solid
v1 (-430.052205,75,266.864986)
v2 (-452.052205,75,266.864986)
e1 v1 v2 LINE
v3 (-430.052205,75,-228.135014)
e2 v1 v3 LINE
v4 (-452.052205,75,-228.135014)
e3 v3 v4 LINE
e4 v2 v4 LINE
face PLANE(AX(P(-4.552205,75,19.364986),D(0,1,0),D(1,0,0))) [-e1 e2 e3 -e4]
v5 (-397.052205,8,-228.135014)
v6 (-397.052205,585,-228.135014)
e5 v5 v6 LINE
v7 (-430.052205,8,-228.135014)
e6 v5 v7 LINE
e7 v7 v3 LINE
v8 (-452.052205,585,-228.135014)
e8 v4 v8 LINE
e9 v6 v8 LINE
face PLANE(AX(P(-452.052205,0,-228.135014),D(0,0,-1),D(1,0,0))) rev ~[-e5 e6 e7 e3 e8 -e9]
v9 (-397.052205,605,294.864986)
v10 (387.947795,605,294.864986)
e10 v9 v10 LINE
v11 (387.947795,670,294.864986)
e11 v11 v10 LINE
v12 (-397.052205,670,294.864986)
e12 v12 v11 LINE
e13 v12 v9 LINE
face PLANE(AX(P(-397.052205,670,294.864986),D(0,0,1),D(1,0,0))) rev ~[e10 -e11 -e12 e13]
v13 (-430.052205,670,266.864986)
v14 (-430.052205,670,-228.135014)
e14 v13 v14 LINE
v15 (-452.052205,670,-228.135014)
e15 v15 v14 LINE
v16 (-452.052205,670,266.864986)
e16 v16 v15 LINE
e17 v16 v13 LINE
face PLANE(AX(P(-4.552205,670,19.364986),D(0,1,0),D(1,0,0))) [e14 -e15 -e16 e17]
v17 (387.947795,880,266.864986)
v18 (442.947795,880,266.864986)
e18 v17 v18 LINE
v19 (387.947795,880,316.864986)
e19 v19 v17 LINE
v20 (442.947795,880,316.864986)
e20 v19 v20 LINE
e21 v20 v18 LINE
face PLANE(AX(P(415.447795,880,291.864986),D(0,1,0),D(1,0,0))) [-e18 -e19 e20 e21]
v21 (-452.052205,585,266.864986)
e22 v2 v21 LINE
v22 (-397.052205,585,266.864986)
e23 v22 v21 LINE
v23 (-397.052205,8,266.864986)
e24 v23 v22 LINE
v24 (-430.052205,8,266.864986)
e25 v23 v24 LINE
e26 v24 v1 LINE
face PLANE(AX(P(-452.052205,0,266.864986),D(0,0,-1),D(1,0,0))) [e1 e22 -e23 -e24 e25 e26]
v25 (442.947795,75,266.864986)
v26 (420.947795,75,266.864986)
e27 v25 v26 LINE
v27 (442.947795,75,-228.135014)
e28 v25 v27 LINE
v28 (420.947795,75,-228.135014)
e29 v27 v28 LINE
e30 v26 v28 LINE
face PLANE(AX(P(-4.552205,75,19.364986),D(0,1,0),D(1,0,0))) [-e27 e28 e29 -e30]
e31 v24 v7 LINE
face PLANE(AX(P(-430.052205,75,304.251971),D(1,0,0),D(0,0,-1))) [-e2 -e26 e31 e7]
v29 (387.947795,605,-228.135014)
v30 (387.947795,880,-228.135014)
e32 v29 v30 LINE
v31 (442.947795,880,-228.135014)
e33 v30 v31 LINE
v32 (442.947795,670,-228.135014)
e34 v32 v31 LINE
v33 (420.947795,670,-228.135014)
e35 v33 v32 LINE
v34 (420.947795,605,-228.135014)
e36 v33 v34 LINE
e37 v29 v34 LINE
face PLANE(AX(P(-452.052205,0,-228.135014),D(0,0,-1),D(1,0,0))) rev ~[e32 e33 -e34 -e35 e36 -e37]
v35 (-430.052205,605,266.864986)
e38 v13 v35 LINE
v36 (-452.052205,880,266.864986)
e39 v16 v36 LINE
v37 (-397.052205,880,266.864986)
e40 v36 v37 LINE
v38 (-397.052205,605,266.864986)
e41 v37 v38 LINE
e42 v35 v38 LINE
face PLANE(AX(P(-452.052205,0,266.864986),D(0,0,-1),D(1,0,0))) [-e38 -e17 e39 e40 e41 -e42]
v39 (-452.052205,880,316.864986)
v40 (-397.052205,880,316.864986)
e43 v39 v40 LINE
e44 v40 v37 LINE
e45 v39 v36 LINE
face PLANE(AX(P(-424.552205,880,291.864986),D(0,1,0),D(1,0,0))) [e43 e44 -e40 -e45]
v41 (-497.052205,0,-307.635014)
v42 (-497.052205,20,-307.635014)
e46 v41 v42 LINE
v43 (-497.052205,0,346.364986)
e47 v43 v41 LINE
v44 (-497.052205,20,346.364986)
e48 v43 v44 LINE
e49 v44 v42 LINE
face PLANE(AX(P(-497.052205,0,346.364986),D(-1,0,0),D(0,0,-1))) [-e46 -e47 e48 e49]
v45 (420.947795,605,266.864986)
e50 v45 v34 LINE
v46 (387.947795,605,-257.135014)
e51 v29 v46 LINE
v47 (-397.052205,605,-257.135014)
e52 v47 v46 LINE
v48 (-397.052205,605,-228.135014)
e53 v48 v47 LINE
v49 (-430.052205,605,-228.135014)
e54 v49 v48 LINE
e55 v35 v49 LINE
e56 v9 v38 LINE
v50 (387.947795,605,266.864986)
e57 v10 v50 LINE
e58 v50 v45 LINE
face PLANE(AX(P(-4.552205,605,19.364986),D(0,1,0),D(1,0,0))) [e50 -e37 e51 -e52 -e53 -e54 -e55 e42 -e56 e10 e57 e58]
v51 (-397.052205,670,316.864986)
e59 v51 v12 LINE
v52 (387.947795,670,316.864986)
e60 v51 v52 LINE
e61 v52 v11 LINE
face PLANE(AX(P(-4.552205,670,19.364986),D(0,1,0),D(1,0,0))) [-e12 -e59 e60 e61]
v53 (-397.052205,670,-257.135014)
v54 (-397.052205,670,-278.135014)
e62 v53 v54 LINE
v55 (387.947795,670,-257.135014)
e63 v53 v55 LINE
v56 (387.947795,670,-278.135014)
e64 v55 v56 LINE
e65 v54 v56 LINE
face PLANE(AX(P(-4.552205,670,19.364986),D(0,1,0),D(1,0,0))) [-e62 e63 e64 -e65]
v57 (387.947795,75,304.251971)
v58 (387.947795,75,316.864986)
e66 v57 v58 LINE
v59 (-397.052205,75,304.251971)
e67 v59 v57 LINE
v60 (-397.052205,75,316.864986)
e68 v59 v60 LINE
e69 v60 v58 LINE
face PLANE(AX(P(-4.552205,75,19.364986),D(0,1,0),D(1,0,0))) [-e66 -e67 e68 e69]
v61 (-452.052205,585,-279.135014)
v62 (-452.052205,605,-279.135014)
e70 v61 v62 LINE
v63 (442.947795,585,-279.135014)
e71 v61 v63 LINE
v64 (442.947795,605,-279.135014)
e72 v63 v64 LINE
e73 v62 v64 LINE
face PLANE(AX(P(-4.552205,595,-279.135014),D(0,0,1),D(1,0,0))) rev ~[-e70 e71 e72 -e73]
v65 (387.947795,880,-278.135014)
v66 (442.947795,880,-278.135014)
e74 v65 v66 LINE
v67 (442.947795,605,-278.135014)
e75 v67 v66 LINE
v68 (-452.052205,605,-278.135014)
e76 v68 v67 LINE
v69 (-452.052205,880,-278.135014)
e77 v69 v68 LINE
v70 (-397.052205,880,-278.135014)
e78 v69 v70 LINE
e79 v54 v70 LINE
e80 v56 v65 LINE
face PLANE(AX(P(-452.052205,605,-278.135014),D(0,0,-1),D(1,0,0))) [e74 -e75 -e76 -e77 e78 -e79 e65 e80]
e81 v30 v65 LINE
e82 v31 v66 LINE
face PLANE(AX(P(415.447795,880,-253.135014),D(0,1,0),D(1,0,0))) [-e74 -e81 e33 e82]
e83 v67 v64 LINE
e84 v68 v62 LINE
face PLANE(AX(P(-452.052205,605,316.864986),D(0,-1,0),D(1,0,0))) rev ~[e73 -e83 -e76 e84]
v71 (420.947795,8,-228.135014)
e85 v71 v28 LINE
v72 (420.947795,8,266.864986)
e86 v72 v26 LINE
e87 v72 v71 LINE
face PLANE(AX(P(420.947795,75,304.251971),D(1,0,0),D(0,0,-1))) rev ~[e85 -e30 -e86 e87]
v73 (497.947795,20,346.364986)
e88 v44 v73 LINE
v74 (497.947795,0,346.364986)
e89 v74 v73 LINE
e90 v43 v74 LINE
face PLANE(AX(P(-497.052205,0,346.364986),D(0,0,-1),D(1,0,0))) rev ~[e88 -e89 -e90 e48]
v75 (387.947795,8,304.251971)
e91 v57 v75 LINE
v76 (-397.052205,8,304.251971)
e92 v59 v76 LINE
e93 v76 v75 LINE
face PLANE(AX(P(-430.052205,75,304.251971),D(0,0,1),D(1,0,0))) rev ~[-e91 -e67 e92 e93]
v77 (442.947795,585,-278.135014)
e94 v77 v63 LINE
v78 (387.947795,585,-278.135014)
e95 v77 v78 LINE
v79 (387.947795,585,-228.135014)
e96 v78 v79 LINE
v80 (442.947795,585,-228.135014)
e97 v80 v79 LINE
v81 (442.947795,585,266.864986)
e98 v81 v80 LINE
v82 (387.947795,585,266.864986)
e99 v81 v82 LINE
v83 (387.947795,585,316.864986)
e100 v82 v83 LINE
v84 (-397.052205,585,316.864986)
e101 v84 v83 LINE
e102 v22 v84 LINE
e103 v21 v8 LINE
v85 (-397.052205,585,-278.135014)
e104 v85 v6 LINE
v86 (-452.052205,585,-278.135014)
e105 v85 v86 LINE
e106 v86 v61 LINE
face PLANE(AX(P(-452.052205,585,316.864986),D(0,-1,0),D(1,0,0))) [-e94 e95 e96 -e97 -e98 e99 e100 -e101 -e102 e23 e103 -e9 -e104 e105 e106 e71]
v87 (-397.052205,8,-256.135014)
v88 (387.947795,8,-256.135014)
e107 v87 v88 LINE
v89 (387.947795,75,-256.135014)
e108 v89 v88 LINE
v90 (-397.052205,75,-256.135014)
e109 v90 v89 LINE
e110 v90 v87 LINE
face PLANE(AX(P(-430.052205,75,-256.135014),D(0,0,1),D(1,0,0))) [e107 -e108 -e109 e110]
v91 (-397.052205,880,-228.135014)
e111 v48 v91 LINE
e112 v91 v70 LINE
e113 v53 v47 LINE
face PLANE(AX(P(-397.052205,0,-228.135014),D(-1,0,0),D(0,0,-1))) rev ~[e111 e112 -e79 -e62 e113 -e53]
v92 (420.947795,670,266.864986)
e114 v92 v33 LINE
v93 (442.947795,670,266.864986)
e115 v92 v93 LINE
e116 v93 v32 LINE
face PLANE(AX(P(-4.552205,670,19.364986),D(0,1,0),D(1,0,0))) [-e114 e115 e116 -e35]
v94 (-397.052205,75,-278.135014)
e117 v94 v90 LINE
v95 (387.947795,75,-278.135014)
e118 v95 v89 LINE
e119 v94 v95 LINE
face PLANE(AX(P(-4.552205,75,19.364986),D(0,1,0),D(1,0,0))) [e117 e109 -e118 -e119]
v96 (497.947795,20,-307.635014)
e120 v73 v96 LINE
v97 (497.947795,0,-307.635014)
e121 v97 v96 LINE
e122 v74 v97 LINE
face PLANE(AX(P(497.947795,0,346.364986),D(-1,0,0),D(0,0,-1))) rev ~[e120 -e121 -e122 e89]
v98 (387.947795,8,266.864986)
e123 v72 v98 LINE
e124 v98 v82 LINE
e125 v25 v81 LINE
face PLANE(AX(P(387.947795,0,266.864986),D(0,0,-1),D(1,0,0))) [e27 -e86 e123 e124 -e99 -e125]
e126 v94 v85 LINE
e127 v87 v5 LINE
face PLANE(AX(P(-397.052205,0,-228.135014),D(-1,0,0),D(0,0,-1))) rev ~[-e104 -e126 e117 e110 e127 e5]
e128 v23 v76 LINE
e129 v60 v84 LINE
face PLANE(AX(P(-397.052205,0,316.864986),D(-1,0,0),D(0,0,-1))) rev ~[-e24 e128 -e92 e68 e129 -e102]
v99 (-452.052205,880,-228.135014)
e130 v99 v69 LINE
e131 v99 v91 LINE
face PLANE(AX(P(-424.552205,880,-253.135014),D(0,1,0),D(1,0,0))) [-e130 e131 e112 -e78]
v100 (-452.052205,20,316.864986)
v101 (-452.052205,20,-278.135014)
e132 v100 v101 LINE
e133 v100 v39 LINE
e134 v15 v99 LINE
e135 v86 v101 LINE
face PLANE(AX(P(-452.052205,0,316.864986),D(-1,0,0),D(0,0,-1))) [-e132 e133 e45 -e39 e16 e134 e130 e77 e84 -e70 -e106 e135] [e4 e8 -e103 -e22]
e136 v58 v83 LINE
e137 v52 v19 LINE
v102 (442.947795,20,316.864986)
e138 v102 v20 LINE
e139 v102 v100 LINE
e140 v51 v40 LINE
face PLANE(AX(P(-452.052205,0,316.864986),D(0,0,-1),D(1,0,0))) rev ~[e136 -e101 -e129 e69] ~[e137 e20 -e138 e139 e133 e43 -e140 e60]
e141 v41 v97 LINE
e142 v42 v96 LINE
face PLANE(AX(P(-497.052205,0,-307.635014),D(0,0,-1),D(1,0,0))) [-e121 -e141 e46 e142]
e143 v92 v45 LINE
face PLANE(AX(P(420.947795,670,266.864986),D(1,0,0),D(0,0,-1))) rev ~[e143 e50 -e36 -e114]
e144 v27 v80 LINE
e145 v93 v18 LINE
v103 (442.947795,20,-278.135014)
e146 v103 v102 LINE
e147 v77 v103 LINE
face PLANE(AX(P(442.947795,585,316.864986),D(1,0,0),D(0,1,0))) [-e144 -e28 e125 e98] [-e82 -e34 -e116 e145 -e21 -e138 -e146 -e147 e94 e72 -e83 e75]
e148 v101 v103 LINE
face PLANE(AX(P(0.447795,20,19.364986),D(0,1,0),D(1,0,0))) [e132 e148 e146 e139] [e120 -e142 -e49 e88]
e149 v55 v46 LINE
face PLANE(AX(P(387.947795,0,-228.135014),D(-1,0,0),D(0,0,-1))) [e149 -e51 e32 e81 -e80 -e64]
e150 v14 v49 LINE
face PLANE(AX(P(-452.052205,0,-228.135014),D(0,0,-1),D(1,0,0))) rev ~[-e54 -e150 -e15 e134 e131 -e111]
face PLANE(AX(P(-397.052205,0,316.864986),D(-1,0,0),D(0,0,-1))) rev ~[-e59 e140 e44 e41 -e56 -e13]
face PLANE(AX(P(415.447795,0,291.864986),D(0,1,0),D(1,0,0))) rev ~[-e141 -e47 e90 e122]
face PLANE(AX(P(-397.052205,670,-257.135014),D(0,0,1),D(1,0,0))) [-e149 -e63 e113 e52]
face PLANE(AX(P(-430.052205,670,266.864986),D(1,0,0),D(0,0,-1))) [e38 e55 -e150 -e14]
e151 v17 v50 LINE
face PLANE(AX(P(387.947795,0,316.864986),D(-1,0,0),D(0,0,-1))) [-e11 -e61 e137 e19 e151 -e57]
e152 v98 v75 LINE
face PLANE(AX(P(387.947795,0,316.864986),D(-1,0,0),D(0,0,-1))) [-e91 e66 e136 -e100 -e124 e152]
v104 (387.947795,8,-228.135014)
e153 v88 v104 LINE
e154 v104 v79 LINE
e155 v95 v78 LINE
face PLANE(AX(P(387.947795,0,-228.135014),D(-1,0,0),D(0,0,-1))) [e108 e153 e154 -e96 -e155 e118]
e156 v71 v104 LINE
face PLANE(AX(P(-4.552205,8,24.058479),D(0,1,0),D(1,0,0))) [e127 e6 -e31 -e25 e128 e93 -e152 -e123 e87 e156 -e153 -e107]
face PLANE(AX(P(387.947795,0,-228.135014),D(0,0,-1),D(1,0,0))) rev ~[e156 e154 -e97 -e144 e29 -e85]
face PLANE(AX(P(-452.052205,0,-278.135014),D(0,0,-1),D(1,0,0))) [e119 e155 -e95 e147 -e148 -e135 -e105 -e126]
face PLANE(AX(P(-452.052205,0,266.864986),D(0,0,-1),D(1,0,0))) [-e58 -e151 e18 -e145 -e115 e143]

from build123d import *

# Parameters (mm, degrees)
CROQUIS2_W              = 995
CROQUIS2_H              = 654
SALIENTE_EXTRUIR1_DEPTH = 20
CROQUIS4_W              = 895
CROQUIS4_H              = 595
SALIENTE_EXTRUIR2_DEPTH = 75
CROQUIS6_W              = 851
CROQUIS6_H              = 560.386984293
CORTAR_EXTRUIR1_DEPTH   = 67
CROQUIS7_W              = 55
CROQUIS7_H              = 50
SALIENTE_EXTRUIR3_DEPTH = 880
CROQUIS9_W              = 55
CROQUIS9_H              = 50
SALIENTE_EXTRUIR5_DEPTH = 880
CROQUIS10_W             = 55
CROQUIS10_H             = 50
SALIENTE_EXTRUIR6_DEPTH = 880
CROQUIS11_W             = 55
CROQUIS11_H             = 50
SALIENTE_EXTRUIR7_DEPTH = 880
CROQUIS14_W             = 895
CROQUIS14_H             = 20
EXTRUIR_L_MINA4_DEPTH   = 596
CROQUIS22_W             = 895
CROQUIS22_H             = 595
SALIENTE_EXTRUIR8_DEPTH = 65
CROQUIS25_W             = 851
CROQUIS25_H             = 495
CORTAR_EXTRUIR2_DEPTH   = 65
CROQUIS26_W             = 785
CROQUIS26_H             = 552
CORTAR_EXTRUIR3_DEPTH   = 65


with BuildPart() as part:
    # Croquis2 → Saliente-Extruir1 (new body)
    with BuildSketch(Plane(origin=(0, 0, 0), x_dir=(1, 0, 0), z_dir=(0, 1, 0))):
        with Locations((0.447794779, -19.364986499)):
            Rectangle(CROQUIS2_W, CROQUIS2_H)
    extrude(amount=SALIENTE_EXTRUIR1_DEPTH)

    # Croquis4 → Saliente-Extruir2 (add)
    with BuildSketch(Plane(origin=(0, 0, 0), x_dir=(1, 0, 0), z_dir=(0, 1, 0))):
        with Locations((-4.552205221, -19.364986499)):
            Rectangle(CROQUIS4_W, CROQUIS4_H)
    extrude(amount=SALIENTE_EXTRUIR2_DEPTH)

    # Croquis6 → Cortar-Extruir1 (cut)
    with BuildSketch(Plane(origin=(0, 75, 0), x_dir=(1, 0, 0), z_dir=(0, 1, 0))):
        with Locations((-4.552205221, -24.058478646)):
            Rectangle(CROQUIS6_W, CROQUIS6_H)
    extrude(amount=-CORTAR_EXTRUIR1_DEPTH, mode=Mode.SUBTRACT)

    # Croquis7 → Saliente-Extruir3 (add)
    with BuildSketch(Plane(origin=(0, 0, 0), x_dir=(1, 0, 0), z_dir=(0, 1, 0))):
        with Locations((-424.552205221, -291.864986499)):
            Rectangle(CROQUIS7_W, CROQUIS7_H)
    extrude(amount=SALIENTE_EXTRUIR3_DEPTH)

    # Croquis9 → Saliente-Extruir5 (add)
    with BuildSketch(Plane(origin=(0, 0, 0), x_dir=(1, 0, 0), z_dir=(0, 1, 0))):
        with Locations((-424.552205221, 253.135013501)):
            Rectangle(CROQUIS9_W, CROQUIS9_H)
    extrude(amount=SALIENTE_EXTRUIR5_DEPTH)

    # Croquis10 → Saliente-Extruir6 (add)
    with BuildSketch(Plane(origin=(0, 0, 0), x_dir=(1, 0, 0), z_dir=(0, 1, 0))):
        with Locations((415.447794779, 253.135013501)):
            Rectangle(CROQUIS10_W, CROQUIS10_H)
    extrude(amount=SALIENTE_EXTRUIR6_DEPTH)

    # Croquis11 → Saliente-Extruir7 (add)
    with BuildSketch(Plane(origin=(0, 0, 0), x_dir=(1, 0, 0), z_dir=(0, 1, 0))):
        with Locations((415.447794779, -291.864986499)):
            Rectangle(CROQUIS11_W, CROQUIS11_H)
    extrude(amount=SALIENTE_EXTRUIR7_DEPTH)

    # Croquis14 → Extruir-Lámina4 (add)
    with BuildSketch(Plane.XY.offset(316.864986499)):
        with Locations((-4.552205221, 595)):
            Rectangle(CROQUIS14_W, CROQUIS14_H)
    extrude(amount=-EXTRUIR_L_MINA4_DEPTH)

    # Croquis22 → Saliente-Extruir8 (add)
    with BuildSketch(Plane(origin=(0, 605, 0), x_dir=(1, 0, 0), z_dir=(0, 1, 0))):
        with Locations((-4.552205221, -19.364986499)):
            Rectangle(CROQUIS22_W, CROQUIS22_H)
    extrude(amount=SALIENTE_EXTRUIR8_DEPTH)

    # Croquis25 → Cortar-Extruir2 (cut)
    with BuildSketch(Plane(origin=(0, 670, 0), x_dir=(1, 0, 0), z_dir=(0, 1, 0))):
        with Locations((-4.552205221, -19.364986499)):
            Rectangle(CROQUIS25_W, CROQUIS25_H)
    extrude(amount=-CORTAR_EXTRUIR2_DEPTH, mode=Mode.SUBTRACT)

    # Croquis26 → Cortar-Extruir3 (cut)
    with BuildSketch(Plane(origin=(0, 670, 0), x_dir=(1, 0, 0), z_dir=(0, 1, 0))):
        with Locations((-4.552205221, -18.864986499)):
            Rectangle(CROQUIS26_W, CROQUIS26_H)
    extrude(amount=-CORTAR_EXTRUIR3_DEPTH, mode=Mode.SUBTRACT)


solid = part.part
